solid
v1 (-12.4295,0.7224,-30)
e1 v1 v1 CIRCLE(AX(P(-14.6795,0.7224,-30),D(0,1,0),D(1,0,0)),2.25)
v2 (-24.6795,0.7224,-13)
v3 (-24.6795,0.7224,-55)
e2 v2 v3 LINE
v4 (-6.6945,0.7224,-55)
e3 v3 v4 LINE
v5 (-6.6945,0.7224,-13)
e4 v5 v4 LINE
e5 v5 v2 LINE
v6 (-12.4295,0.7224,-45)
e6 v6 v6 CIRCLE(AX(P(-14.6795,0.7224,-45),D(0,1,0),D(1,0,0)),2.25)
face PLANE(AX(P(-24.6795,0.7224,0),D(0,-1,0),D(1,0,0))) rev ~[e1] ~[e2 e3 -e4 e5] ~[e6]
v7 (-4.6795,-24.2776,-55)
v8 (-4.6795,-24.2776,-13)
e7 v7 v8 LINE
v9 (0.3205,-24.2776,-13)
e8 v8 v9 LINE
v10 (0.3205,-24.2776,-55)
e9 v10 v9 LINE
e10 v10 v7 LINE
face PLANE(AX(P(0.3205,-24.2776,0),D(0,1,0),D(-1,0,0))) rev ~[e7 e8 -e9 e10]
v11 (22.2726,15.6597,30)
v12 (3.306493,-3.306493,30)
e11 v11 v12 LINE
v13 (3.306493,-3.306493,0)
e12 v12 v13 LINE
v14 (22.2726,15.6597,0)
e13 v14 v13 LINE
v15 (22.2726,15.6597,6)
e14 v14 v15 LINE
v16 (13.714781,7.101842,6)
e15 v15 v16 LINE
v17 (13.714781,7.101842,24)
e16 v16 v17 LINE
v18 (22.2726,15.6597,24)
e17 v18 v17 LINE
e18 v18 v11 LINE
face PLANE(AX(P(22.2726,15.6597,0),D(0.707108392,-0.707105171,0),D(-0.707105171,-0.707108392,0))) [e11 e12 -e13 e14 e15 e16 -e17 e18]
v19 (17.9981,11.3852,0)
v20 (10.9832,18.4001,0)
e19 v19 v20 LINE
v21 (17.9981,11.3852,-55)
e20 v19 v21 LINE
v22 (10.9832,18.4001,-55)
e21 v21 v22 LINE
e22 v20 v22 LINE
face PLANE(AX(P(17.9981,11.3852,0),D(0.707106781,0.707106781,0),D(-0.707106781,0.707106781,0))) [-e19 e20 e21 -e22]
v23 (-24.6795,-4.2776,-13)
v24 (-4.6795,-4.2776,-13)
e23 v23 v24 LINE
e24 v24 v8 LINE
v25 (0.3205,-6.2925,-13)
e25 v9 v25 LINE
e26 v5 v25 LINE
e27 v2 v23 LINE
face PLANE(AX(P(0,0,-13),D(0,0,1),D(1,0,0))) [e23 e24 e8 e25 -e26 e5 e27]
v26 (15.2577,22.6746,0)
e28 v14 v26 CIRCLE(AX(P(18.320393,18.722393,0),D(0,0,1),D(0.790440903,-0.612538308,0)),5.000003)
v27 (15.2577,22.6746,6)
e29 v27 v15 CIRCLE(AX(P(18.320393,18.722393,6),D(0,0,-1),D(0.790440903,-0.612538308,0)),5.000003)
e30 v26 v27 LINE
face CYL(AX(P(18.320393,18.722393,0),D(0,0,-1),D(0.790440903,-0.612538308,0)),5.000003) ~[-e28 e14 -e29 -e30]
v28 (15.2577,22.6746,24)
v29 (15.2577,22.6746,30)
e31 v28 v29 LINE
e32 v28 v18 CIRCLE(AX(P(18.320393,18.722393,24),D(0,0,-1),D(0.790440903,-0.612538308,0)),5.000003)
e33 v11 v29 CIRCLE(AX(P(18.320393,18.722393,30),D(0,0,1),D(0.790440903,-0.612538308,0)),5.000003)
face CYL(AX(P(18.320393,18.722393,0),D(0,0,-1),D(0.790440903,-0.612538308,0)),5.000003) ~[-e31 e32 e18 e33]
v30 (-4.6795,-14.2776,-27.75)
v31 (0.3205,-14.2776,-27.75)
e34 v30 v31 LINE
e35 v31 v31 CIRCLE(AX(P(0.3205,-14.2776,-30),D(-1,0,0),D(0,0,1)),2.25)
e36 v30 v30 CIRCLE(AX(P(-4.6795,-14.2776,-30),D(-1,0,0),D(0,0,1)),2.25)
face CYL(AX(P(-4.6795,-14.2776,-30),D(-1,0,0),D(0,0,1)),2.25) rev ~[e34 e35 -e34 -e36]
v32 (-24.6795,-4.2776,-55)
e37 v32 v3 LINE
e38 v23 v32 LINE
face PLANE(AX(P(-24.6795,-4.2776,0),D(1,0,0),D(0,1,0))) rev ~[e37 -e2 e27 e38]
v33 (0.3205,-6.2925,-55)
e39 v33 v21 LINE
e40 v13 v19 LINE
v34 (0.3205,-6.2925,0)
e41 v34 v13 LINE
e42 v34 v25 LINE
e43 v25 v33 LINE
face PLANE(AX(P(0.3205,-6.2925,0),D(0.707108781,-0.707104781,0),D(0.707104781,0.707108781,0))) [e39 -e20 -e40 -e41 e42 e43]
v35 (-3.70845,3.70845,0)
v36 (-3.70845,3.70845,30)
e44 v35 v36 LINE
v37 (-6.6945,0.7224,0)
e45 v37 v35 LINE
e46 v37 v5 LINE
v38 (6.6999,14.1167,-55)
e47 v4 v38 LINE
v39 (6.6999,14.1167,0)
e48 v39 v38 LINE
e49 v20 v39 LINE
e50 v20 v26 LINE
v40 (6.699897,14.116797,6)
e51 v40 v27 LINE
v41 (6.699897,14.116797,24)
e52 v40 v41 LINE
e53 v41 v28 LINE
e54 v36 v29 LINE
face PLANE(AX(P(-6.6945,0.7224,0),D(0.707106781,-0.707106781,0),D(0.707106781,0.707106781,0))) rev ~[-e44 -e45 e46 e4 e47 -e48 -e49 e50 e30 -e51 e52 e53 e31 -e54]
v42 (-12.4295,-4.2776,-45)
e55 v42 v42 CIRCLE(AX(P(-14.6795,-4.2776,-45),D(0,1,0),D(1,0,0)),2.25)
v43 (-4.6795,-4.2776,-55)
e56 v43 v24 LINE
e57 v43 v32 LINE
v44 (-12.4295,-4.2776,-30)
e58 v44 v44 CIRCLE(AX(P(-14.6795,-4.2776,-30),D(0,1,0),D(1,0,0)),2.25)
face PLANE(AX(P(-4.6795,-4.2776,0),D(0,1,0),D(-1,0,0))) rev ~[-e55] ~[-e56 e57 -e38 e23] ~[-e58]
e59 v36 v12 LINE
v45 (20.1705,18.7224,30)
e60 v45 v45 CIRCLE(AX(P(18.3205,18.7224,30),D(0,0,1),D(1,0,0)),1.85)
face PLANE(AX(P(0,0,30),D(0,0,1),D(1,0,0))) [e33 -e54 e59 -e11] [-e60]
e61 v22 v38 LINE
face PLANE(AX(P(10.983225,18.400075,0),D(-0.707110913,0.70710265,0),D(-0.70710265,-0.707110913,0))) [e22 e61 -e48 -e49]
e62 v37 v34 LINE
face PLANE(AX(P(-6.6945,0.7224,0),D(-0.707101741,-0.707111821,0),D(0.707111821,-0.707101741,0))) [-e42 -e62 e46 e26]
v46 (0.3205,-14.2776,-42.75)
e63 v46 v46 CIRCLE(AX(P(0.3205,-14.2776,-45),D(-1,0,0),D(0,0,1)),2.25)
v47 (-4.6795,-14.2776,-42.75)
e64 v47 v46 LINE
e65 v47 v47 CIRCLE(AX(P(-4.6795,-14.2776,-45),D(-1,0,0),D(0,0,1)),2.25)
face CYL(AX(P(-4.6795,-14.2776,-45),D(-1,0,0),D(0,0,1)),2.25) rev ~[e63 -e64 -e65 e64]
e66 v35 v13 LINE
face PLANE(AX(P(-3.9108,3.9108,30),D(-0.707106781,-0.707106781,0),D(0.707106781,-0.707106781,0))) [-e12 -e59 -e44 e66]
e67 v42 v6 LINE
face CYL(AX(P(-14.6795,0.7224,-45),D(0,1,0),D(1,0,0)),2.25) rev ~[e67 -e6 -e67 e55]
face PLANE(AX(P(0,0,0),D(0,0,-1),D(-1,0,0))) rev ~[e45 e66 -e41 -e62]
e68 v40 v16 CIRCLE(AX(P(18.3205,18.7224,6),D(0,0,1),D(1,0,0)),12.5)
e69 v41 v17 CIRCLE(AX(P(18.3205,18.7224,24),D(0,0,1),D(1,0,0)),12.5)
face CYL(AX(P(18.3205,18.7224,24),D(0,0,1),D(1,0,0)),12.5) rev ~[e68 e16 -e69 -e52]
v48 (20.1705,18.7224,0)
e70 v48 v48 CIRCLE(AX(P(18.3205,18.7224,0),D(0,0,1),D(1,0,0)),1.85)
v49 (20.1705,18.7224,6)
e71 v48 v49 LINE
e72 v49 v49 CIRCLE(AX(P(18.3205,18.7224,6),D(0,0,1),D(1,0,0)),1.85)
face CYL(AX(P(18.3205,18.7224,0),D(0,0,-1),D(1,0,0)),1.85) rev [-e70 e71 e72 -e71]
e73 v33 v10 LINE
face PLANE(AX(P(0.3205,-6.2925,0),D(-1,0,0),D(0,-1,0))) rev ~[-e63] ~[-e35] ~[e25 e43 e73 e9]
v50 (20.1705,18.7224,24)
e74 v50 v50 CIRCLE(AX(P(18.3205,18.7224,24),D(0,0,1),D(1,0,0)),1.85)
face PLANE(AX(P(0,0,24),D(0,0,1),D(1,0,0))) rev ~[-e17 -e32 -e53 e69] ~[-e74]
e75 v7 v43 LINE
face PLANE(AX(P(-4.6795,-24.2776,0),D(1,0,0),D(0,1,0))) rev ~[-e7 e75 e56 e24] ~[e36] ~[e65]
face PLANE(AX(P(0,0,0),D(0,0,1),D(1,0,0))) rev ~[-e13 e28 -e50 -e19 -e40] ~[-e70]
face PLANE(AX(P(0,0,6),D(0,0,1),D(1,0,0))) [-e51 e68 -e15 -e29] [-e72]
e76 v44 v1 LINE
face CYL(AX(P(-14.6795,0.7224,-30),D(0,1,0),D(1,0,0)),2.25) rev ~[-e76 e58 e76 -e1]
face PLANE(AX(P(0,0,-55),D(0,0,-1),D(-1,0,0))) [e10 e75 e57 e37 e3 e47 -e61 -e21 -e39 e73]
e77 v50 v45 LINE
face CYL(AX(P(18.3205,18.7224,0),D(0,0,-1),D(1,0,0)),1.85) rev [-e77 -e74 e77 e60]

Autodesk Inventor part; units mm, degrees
ref_plane "YZ Plane" through (0, 0, 0) normal (1, 0, 0) x (0, 1, 0)
ref_plane "XZ Plane" through (0, 0, 0) normal (0, 1, 0) x (-1, 0, 0)
ref_plane "XY Plane" through (0, 0, 0) normal (0, 0, 1) x (1, 0, 0)
sketch "Sketch1" plane through (0, 0, 0) normal (0, 0, 1) x (1, 0, 0)
  line L0 (-6.6945, 0.7224) -> (-24.6795, 0.7224)
  line L1 (-24.6795, 0.7224) -> (-24.6795, -4.2776)
  line L2 (-24.6795, -4.2776) -> (-4.6795, -4.2776)
  line L3 (-4.6795, -4.2776) -> (-4.6795, -24.2776)
  line L4 (-4.6795, -24.2776) -> (0.3205, -24.2776)
  line L5 (0.3205, -24.2776) -> (0.3205, -6.2925)
  line L6 (-6.6945, 0.7224) -> (15.2577, 22.6746)
  line L7 (22.2726, 15.6597) -> (0.3205, -6.2925)
  circle A0 centre (18.3205, 18.7224) radius 1.85
  arc A1 (22.2726, 15.6597) -> (15.2577, 22.6746) centre (18.3205, 18.7224) ccw
  dimension "d0" = 20
  dimension "d1" = 20
  dimension "d2" = 5
  dimension "d3" = 5
  dimension "d7" = 23
  dimension "d8" = 23
  dimension "d9" = 3.7
  dimension "d18" = 5
  dimension "d19" = 135
extrude "Extrusion1" add sketch "Sketch1" along normal blind 30
ref_plane "Work Plane1" through (0, 0, 24) normal (0, 0, 1) x (1, 0, 0)
sketch "Sketch3" plane through (0, 0, 24) normal (0, 0, 1) x (1, 0, 0)
  circle A0 centre (18.3205, 18.7224) radius 1.85 projected
  circle A1 centre (18.3205, 18.7224) radius 12.5
  point P0 (0, 0)
  dimension "d13" = 25
extrude "Extrusion3" cut sketch "Sketch3" against normal blind 18
sketch "Sketch5" plane through (0, 0, 0) normal (0, 0, -1) x (-1, 0, 0)
  circle A0 centre (-18.3205, 18.7224) radius 1.85 projected
  line L0 (24.6795, -4.2776) -> (24.6795, 0.7224) projected
  line L1 (24.6795, 0.7224) -> (6.6945, 0.7224) projected
  line L2 (6.6945, 0.7224) -> (-15.2577, 22.6746) projected
  arc A1 (-15.2577, 22.6746) -> (-22.2726, 15.6597) centre (-18.3205, 18.7224) ccw projected
  line L3 (-22.2726, 15.6597) -> (-0.3205, -6.2925) projected
  line L4 (-0.3205, -6.2925) -> (-0.3205, -24.2776) projected
  line L5 (-0.3205, -24.2776) -> (4.6795, -24.2776) projected
  line L6 (4.6795, -24.2776) -> (4.6795, -4.2776) projected
  line L7 (4.6795, -4.2776) -> (24.6795, -4.2776) projected
  line L8 (-0.3205, -6.2925) -> (6.6945, 0.7224)
  point P0 (0, 0)
extrude "Extrusion5" add sketch "Sketch5" along normal blind 55 contours L7 L6 L5 L4 L8 L1 L0
sketch "Sketch8" plane through (-4.6795, -24.2776, -55) normal (-1, 0, 0) x (0, 0, 1)
  circle A0 centre (10, 10) radius 2.25
  line L0 (85, 0) -> (0, 0) projected
  line L1 (0, 0) -> (0, 20) projected
  circle A1 centre (25, 10) radius 2.25
  point P0 (55, 24.2776)
  dimension "d40" = 4.5
  dimension "d41" = 10
  dimension "d42" = 10
  dimension "d43" = 4.5
  dimension "d44" = 10
  dimension "d45" = 15
sketch "Sketch9" plane through (-24.6795, 0.7224, 30) normal (0, 1, 0) x (1, 0, 0)
  circle A0 centre (10, 75) radius 2.25
  circle A1 centre (10, 60) radius 2.25
  line L0 (0, 85) -> (17.9851, 85) projected
  line L1 (0, 0) -> (0, 85) projected
  point P0 (24.6795, 30)
  dimension "d46" = 10
  dimension "d47" = 10
  dimension "d48" = 10
  dimension "d49" = 15
  dimension "d50" = 4.5
  dimension "d51" = 4.5
extrude "Extrusion8" cut sketch "Sketch9" against normal mid plane 20
extrude "Extrusion9" cut sketch "Sketch8" against normal blind 20
sketch "Sketch10" plane through (0, 0, 30) normal (0, 0, 1) x (1, 0, 0)
  line L0 (-3.9108, 3.9108) -> (4.5333, -4.5333)
  line L1 (4.5333, -4.5333) -> (4.5333, -31.01)
  line L2 (4.5333, -31.01) -> (-28.169, -31.01)
  line L3 (-28.169, -31.01) -> (-28.169, 3.9108)
  line L4 (-28.169, 3.9108) -> (-3.9108, 3.9108)
  point P0 (0, 0)
  dimension "d56" = 135
  dimension "d57" = 0
extrude "Extrusion10" cut sketch "Sketch10" against normal blind 43
sketch "Sketch11" plane through (0, 0, 0) normal (0, 0, -1) x (-1, 0, 0)
  line L0 (6.6945, 0.7224) -> (-0.3205, -6.2925) projected
  line L1 (-0.3205, -6.2925) -> (-17.9981, 11.3852)
  line L2 (-17.9981, 11.3852) -> (-10.9832, 18.4001)
  line L3 (-15.2577, 22.6746) -> (-6.6999, 14.1167) projected
  line L4 (6.6945, 0.7224) -> (-10.9832, 18.4001)
  line L5 (6.6945, 0.7224) -> (-0.3205, -6.2925)
  point P0 (0, 0)
  dimension "d60" = 25
extrude "Extrusion11" add sketch "Sketch11" along normal blind 55
equation "\"d8\" = d7"
equation "\"d43\" = d40"
equation "\"d44\" = d41"
equation "\"RodDiameter\" = 8"
equation "\"VerticalBearingOD\" = 16"
equation "\"PrintingClearance\" = 0.2"
equation "\"TubeID\" = 18"
properties part number "PulleyHolderXY"
